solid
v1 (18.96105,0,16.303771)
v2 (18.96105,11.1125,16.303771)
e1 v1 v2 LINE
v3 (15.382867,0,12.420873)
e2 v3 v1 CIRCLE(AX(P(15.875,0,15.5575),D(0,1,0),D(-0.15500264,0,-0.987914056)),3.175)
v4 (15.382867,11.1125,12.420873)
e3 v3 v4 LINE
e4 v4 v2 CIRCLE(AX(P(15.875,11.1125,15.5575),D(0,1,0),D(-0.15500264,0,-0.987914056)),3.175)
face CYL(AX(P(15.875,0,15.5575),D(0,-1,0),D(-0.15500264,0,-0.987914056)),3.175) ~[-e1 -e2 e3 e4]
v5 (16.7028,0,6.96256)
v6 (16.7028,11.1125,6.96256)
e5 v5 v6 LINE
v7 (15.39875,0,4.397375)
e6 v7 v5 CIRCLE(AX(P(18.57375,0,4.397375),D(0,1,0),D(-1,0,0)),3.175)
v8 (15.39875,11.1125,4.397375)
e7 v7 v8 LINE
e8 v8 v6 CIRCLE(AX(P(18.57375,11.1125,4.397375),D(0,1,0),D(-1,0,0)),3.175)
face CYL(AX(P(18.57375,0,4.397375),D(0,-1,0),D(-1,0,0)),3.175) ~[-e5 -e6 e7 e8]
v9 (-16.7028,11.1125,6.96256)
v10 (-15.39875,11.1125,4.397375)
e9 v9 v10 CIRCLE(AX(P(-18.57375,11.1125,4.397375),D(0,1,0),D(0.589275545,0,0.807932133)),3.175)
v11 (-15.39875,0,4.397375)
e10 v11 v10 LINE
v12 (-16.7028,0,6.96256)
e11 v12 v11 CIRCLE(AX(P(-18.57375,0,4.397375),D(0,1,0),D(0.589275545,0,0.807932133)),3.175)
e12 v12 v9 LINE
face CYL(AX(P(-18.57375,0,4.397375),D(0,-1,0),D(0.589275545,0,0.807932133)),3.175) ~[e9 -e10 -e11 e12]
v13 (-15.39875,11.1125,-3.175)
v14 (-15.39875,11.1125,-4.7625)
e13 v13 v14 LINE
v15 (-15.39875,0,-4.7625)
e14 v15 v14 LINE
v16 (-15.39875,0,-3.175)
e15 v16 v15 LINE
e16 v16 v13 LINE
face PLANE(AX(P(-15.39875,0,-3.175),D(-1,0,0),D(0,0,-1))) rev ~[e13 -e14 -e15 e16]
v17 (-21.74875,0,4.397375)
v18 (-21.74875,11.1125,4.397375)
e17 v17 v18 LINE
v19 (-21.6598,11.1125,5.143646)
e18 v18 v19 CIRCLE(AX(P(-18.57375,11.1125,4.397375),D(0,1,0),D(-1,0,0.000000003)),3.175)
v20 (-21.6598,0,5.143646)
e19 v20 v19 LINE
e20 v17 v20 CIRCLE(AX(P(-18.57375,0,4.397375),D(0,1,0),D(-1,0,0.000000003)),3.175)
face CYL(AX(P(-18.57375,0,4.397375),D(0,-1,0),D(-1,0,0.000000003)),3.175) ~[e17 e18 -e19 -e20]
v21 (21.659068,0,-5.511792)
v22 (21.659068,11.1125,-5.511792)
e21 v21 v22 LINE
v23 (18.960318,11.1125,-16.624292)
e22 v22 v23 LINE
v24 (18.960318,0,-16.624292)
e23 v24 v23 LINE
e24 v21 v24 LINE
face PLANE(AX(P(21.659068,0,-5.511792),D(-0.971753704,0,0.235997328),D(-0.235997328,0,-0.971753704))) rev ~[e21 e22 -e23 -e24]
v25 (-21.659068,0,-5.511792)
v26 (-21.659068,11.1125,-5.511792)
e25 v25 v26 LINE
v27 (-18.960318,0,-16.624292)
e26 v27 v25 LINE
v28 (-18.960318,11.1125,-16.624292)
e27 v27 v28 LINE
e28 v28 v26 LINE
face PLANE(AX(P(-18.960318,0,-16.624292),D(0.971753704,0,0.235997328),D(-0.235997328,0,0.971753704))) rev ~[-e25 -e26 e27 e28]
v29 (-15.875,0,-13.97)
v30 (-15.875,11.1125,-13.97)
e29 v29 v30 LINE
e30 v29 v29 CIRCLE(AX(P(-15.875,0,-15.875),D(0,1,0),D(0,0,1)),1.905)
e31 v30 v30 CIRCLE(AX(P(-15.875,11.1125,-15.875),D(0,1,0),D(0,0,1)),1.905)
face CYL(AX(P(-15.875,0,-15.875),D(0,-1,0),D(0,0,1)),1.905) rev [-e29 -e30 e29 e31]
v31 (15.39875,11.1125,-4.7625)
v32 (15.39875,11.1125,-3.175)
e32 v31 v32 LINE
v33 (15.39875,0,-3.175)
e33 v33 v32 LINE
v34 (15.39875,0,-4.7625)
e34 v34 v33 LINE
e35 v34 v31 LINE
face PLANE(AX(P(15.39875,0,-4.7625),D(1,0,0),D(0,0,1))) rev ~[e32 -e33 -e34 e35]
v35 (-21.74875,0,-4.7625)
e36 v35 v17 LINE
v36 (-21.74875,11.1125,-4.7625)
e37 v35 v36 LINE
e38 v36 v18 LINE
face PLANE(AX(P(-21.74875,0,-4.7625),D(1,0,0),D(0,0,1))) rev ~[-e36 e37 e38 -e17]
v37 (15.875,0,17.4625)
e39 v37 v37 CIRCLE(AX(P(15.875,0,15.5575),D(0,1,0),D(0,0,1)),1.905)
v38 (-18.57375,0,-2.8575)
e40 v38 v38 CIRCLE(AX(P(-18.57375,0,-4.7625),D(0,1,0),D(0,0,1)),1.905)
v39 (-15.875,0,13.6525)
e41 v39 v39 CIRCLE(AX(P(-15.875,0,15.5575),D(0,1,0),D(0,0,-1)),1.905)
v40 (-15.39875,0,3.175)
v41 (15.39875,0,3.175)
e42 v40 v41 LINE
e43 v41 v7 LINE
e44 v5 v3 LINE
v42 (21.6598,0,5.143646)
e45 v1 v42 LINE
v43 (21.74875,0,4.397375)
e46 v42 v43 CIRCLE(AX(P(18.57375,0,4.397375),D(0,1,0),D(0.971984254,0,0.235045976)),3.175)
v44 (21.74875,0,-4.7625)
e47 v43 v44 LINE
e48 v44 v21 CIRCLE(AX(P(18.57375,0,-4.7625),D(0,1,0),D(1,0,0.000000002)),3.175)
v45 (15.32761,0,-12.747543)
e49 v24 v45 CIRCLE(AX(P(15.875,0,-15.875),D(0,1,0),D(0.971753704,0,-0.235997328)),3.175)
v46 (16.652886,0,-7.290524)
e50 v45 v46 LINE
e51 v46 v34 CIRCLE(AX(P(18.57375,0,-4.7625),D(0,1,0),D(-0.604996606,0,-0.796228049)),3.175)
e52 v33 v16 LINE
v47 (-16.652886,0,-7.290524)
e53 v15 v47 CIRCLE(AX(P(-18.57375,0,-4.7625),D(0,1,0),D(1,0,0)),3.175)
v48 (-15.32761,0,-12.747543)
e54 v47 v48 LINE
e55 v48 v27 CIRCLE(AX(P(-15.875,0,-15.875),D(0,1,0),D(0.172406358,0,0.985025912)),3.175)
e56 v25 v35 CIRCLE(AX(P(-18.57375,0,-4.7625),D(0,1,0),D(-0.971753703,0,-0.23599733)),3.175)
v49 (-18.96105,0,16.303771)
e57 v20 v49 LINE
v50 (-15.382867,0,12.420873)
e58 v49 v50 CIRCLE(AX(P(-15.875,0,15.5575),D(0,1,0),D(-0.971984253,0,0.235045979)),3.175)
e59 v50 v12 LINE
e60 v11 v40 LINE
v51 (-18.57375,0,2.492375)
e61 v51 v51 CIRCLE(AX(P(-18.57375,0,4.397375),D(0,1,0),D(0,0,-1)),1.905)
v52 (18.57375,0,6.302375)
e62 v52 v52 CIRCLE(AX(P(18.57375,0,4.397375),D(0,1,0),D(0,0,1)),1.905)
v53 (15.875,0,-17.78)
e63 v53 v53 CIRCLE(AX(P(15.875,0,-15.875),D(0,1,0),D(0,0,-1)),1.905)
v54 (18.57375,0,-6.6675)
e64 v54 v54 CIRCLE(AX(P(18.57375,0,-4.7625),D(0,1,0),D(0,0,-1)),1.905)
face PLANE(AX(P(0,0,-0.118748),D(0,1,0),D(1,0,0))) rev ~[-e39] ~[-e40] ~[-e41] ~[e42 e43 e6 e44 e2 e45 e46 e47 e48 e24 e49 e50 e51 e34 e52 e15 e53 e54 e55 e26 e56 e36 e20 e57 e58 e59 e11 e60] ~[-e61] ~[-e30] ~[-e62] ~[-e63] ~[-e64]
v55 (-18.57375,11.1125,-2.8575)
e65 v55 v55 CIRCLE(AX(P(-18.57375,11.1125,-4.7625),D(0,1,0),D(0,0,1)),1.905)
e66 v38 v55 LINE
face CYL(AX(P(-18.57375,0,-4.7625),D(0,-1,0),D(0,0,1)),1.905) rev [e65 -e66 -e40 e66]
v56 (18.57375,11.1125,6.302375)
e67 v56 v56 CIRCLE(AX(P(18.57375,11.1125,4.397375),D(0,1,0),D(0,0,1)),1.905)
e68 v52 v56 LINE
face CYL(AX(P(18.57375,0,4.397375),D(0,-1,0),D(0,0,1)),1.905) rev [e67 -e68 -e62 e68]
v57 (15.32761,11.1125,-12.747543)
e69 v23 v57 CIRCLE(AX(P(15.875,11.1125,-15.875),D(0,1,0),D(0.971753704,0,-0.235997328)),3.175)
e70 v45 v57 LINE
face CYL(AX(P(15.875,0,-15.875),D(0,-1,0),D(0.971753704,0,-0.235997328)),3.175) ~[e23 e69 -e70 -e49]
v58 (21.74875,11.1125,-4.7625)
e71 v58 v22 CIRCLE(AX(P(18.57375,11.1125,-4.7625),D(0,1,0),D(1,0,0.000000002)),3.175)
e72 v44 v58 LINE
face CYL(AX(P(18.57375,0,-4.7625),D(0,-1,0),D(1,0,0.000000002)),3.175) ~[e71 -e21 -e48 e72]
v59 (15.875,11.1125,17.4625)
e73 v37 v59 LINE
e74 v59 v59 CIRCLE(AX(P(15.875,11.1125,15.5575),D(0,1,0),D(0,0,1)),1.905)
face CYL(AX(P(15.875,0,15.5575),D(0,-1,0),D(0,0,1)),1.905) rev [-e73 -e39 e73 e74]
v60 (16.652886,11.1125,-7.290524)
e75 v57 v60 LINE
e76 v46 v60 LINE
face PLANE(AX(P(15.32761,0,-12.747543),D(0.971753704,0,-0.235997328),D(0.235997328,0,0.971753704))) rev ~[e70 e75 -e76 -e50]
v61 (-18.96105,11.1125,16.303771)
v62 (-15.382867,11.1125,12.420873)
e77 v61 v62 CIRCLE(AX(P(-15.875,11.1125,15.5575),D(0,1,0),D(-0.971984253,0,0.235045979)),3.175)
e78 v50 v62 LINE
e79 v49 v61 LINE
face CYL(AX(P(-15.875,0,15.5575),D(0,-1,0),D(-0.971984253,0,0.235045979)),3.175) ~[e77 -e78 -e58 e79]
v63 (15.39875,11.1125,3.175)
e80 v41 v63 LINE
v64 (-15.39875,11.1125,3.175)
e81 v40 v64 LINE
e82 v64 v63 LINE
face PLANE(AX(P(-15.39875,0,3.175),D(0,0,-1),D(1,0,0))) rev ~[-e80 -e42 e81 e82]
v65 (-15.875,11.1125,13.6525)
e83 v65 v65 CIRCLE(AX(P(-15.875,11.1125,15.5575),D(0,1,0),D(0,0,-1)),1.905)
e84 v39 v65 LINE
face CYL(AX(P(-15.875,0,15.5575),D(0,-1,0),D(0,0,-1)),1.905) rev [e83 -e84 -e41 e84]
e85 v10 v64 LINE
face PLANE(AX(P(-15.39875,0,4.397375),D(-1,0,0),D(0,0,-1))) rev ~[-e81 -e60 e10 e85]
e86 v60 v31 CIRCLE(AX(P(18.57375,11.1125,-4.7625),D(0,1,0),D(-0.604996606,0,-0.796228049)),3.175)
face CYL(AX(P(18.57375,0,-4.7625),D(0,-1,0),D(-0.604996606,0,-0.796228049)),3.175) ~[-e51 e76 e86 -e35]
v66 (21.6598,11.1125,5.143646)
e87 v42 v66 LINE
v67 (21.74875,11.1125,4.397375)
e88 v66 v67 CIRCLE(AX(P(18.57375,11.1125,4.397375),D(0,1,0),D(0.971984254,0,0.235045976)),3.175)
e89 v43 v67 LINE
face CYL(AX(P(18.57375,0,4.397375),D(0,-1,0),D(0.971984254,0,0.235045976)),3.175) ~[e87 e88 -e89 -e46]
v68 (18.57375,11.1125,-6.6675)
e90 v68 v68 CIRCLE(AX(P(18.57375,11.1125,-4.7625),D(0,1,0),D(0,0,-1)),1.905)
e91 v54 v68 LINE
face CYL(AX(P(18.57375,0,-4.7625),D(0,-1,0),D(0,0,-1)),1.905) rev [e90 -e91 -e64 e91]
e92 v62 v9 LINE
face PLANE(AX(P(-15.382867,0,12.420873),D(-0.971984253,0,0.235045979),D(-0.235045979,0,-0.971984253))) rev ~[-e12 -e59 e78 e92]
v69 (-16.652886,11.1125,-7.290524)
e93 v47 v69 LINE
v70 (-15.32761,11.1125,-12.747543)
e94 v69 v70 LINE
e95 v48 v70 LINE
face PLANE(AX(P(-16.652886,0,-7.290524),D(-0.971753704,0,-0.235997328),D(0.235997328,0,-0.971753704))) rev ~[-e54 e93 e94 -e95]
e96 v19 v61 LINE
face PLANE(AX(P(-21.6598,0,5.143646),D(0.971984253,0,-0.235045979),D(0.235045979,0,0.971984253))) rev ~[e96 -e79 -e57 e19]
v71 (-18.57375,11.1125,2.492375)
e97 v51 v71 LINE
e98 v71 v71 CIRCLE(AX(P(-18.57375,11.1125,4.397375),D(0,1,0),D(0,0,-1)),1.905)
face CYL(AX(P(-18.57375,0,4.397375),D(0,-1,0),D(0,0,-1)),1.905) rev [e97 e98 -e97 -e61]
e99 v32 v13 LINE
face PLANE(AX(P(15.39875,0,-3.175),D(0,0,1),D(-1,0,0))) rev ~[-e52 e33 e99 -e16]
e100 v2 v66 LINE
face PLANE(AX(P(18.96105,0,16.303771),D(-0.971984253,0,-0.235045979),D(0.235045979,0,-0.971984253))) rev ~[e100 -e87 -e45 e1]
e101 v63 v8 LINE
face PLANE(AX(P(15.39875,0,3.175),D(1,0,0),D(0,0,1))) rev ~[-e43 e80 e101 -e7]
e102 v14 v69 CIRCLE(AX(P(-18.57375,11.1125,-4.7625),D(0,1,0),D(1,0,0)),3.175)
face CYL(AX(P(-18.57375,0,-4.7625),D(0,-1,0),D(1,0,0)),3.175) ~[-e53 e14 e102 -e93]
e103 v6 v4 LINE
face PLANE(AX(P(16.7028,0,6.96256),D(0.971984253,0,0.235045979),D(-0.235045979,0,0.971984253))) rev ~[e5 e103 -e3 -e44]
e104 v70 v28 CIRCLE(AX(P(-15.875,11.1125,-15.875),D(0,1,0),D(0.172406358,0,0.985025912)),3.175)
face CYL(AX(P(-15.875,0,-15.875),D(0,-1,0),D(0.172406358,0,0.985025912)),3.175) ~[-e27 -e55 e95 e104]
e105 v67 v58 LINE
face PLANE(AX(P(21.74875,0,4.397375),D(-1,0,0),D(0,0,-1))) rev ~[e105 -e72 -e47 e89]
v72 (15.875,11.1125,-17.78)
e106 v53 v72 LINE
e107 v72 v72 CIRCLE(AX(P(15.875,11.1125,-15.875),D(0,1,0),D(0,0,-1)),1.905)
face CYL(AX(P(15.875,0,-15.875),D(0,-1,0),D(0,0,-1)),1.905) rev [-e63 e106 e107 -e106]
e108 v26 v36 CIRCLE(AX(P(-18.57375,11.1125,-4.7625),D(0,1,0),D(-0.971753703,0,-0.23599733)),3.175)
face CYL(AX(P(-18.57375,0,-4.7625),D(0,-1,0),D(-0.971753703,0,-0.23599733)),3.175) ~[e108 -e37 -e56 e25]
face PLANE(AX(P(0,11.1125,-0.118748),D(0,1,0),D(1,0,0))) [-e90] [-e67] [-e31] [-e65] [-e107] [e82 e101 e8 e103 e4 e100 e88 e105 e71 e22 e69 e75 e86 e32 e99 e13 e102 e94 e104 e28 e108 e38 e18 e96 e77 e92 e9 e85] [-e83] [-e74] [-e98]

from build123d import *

# Parameters (mm, degrees)
SKETCH2_R           = 1.905
BOSS_EXTRUDE1_DEPTH = 11.1125


with BuildPart() as part:
    # Sketch2 → Boss-Extrude1 (new body)
    with BuildSketch(Plane(origin=(0, 0, 0), x_dir=(1, 0, 0), z_dir=(0, 1, 0))):
        with BuildLine():
            Line((-16.652885777, 7.290524058), (-15.327609815, 12.747542729))
            ThreePointArc((-15.327609815, 12.747542729), (-13.558199469, 18.045958382), (-18.96031801, 16.624291517))
            Line((-18.96031801, 16.624291517), (-21.65906801, 5.511791517))
            ThreePointArc((-21.65906801, 5.511791517), (-21.726249777, 5.139819704), (-21.74875, 4.7625))
            Line((-21.74875, 4.7625), (-21.74875, -4.397375))
            ThreePointArc((-21.74875, -4.397375), (-21.726434075, -4.773151689), (-21.659800003, -5.143645982))
            Line((-21.659800003, -5.143645982), (-18.961050003, -16.303770982))
            ThreePointArc((-18.961050003, -16.303770982), (-13.540192666, -17.709080747), (-15.382866617, -12.420872873))
            Line((-15.382866617, -12.420872873), (-16.702800144, -6.962559523))
            ThreePointArc((-16.702800144, -6.962559523), (-15.743476975, -5.836186872), (-15.39875, -4.397375))
            Line((-15.39875, -4.397375), (-15.39875, -3.175))
            Line((-15.39875, -3.175), (15.39875, -3.175))
            Line((15.39875, -3.175), (15.39875, -4.397375))
            ThreePointArc((15.39875, -4.397375), (15.743476975, -5.836186872), (16.702800144, -6.962559523))
            Line((16.702800144, -6.962559523), (15.382866617, -12.420872873))
            ThreePointArc((15.382866617, -12.420872873), (13.540192666, -17.709080747), (18.961050003, -16.303770982))
            Line((18.961050003, -16.303770982), (21.659800003, -5.143645982))
            ThreePointArc((21.659800003, -5.143645982), (21.726434075, -4.773151689), (21.74875, -4.397375))
            Line((21.74875, -4.397375), (21.74875, 4.7625))
            ThreePointArc((21.74875, 4.7625), (21.726249777, 5.139819704), (21.65906801, 5.511791517))
            Line((21.65906801, 5.511791517), (18.96031801, 16.624291517))
            ThreePointArc((18.96031801, 16.624291517), (13.558199469, 18.045958382), (15.327609815, 12.747542729))
            Line((15.327609815, 12.747542729), (16.652885777, 7.290524058))
            ThreePointArc((16.652885777, 7.290524058), (15.72951294, 6.173506926), (15.39875, 4.7625))
            Line((15.39875, 4.7625), (15.39875, 3.175))
            Line((15.39875, 3.175), (-15.39875, 3.175))
            Line((-15.39875, 3.175), (-15.39875, 4.7625))
            ThreePointArc((-15.39875, 4.7625), (-15.72951294, 6.173506926), (-16.652885777, 7.290524058))
        make_face()
        with Locations(Location((-15.875, 15.875, 0), (0, 0, 270))):
            Circle(SKETCH2_R, mode=Mode.SUBTRACT)
        with Locations(Location((-18.57375, 4.7625, 0), (0, 0, 270))):
            Circle(SKETCH2_R, mode=Mode.SUBTRACT)
        with Locations(Location((-18.57375, -4.397375, 0), (0, 0, 90))):
            Circle(SKETCH2_R, mode=Mode.SUBTRACT)
        with Locations(Location((-15.875, -15.5575, 0), (0, 0, 90))):
            Circle(SKETCH2_R, mode=Mode.SUBTRACT)
        with Locations(Location((15.875, -15.5575, 0), (0, 0, 270))):
            Circle(SKETCH2_R, mode=Mode.SUBTRACT)
        with Locations(Location((18.57375, -4.397375, 0), (0, 0, 270))):
            Circle(SKETCH2_R, mode=Mode.SUBTRACT)
        with Locations(Location((18.57375, 4.7625, 0), (0, 0, 90))):
            Circle(SKETCH2_R, mode=Mode.SUBTRACT)
        with Locations(Location((15.875, 15.875, 0), (0, 0, 90))):
            Circle(SKETCH2_R, mode=Mode.SUBTRACT)
    extrude(amount=BOSS_EXTRUDE1_DEPTH)


solid = part.part
